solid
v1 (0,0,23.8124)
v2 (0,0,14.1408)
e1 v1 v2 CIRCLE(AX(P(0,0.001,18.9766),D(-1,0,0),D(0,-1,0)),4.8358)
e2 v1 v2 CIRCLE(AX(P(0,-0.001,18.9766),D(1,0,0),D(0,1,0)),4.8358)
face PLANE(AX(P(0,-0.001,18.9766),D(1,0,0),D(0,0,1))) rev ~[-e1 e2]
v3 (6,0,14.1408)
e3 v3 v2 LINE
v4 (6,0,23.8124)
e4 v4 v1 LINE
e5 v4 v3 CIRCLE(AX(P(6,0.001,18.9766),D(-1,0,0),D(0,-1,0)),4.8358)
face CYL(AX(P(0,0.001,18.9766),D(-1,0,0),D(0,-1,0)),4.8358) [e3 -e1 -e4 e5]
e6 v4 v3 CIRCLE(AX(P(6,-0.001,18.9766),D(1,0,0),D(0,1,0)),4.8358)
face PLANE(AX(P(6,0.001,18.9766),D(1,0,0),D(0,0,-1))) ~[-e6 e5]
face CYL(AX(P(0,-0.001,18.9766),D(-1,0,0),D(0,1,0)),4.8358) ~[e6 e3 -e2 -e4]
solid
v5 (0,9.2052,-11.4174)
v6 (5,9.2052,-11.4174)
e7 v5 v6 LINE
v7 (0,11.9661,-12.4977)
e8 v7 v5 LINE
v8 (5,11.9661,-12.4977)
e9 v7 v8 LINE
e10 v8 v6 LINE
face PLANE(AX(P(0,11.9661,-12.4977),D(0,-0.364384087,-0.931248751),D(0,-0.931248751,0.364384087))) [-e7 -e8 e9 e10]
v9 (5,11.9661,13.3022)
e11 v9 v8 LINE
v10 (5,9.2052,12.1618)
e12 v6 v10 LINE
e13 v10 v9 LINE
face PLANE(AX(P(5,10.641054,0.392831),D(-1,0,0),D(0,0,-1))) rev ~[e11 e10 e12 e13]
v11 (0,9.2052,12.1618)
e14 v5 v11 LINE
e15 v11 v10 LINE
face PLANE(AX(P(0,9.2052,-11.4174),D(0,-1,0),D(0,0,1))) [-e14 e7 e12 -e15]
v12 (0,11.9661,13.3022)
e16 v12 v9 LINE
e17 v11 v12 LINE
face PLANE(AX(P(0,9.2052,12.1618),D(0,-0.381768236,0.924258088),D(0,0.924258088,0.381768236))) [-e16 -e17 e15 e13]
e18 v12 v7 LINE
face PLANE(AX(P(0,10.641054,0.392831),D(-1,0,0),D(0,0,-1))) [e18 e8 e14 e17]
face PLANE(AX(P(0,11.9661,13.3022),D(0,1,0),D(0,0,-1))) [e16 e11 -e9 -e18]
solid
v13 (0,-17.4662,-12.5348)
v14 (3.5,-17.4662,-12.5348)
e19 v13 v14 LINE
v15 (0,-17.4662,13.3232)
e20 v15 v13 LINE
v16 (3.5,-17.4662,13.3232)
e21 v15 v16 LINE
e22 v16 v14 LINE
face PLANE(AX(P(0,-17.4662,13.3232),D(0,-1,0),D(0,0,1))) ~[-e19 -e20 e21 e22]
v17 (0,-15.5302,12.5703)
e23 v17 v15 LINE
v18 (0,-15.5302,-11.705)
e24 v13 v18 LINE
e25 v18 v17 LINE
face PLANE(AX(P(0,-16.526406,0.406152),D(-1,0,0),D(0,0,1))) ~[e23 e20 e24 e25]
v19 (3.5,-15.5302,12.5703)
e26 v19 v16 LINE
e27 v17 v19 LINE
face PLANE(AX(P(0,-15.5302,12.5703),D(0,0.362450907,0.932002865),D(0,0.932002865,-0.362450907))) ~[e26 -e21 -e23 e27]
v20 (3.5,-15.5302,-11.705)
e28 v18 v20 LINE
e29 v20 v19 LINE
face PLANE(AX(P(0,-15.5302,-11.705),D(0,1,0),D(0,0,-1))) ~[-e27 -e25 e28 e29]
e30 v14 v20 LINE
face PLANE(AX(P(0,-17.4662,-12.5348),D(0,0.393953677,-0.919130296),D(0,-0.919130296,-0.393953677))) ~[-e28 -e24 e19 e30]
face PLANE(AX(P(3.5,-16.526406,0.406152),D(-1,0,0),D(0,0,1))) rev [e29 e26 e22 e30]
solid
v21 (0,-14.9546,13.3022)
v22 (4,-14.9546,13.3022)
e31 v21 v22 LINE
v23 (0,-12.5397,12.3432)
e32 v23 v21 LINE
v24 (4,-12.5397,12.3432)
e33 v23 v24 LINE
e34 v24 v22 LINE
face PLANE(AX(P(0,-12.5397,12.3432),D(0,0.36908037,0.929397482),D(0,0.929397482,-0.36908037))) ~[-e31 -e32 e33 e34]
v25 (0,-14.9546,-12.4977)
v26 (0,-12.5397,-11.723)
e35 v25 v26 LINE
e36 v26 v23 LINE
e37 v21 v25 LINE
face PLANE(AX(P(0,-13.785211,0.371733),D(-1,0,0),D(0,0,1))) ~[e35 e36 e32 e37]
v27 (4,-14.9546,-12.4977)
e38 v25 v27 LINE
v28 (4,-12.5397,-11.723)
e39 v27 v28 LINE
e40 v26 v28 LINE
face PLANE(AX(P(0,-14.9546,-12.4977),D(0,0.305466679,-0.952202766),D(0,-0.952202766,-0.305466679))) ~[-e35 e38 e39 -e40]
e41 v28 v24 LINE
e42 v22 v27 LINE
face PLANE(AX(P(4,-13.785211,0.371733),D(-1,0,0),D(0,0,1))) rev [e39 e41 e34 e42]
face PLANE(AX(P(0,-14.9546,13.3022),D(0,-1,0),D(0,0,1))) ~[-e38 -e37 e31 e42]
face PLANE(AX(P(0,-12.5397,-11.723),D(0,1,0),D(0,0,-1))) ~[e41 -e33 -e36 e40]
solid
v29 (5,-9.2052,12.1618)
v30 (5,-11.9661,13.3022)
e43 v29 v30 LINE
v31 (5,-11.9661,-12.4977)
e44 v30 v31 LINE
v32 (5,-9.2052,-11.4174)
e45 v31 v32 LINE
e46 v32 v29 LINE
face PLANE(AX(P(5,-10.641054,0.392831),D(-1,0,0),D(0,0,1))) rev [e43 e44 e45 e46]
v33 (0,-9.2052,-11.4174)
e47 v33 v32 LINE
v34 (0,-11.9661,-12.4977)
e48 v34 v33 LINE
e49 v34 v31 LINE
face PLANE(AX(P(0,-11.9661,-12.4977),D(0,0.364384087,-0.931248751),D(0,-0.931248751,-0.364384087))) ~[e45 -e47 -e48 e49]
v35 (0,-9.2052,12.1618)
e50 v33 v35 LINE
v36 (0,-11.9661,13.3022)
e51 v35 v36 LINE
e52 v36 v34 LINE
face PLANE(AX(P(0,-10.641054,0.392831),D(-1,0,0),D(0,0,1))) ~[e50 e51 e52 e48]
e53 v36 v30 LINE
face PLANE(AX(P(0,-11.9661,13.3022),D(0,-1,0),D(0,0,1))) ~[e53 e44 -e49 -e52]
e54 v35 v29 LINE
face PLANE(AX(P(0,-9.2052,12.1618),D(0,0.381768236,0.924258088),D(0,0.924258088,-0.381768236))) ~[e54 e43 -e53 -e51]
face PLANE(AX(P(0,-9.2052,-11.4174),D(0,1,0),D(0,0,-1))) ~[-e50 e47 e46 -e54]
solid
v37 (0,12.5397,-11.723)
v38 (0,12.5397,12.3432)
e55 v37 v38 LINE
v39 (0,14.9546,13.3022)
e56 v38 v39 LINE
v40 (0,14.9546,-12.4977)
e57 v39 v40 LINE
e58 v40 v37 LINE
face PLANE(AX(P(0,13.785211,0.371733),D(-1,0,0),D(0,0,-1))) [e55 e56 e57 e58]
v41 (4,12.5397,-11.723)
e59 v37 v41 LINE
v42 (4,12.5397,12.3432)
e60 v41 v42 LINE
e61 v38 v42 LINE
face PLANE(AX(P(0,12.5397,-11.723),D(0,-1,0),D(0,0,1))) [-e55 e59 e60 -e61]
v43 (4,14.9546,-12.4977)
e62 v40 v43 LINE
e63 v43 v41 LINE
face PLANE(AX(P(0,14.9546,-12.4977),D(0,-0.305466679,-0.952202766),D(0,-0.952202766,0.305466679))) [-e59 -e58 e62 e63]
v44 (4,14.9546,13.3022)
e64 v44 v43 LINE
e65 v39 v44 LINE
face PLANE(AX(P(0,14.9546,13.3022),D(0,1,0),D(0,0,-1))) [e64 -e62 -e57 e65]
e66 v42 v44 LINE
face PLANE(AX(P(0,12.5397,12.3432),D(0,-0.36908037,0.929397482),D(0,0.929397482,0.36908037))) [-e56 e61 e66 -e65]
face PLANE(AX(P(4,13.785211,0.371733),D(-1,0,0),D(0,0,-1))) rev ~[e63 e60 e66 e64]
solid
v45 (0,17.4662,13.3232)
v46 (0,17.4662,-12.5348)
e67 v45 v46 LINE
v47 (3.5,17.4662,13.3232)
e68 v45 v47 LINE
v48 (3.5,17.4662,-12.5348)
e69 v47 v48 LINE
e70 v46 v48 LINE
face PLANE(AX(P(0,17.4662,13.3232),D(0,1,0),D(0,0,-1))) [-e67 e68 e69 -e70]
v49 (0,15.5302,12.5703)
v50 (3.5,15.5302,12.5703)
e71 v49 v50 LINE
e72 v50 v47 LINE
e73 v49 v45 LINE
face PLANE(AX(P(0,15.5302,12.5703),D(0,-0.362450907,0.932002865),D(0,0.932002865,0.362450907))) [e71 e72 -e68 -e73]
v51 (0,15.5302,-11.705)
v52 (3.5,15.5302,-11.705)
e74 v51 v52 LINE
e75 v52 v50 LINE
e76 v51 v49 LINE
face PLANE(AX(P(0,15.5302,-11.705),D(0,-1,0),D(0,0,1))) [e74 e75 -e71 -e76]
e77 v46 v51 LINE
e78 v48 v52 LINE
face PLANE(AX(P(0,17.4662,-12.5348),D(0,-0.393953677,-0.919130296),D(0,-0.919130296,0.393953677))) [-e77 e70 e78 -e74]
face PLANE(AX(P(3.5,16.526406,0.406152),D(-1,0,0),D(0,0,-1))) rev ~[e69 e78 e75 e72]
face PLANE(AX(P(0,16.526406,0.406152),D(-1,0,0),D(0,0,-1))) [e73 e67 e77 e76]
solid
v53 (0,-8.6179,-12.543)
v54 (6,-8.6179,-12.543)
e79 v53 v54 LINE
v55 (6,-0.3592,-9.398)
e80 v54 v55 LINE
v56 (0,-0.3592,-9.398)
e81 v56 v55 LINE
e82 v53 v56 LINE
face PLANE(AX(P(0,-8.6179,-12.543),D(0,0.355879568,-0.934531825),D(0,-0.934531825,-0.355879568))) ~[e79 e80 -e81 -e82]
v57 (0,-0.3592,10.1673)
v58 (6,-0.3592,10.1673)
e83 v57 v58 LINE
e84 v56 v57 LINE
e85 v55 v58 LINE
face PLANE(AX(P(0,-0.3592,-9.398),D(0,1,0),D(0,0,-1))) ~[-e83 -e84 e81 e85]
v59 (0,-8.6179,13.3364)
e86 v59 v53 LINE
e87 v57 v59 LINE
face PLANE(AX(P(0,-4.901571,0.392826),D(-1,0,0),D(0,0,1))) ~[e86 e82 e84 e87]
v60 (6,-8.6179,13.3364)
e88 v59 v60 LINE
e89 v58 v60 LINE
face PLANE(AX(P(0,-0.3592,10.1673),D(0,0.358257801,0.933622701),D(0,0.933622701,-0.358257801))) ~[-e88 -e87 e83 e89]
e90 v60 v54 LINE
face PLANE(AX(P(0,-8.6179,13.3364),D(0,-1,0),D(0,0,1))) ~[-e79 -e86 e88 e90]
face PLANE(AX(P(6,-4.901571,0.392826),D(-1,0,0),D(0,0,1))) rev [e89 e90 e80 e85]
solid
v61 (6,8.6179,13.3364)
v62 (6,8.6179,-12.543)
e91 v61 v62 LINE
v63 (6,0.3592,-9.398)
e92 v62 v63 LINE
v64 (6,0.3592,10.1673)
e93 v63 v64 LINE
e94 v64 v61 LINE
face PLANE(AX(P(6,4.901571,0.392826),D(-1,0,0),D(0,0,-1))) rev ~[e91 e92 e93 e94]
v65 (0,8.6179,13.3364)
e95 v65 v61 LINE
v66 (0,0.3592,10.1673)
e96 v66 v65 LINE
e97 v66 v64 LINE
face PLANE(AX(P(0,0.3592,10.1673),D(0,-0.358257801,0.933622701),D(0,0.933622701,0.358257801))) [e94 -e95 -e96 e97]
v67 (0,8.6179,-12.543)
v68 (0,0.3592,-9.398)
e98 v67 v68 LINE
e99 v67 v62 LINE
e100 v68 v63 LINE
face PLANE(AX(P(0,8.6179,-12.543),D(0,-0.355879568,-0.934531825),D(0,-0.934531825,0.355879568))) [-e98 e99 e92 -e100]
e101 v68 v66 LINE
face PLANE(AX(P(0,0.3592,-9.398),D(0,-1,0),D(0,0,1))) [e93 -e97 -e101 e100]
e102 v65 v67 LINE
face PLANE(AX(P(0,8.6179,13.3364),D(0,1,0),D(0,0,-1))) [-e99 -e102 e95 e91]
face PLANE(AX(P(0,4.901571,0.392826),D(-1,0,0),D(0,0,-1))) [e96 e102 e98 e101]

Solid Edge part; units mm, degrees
sketch "Sketch1" plane through (0, 0, 0) normal (1, 0, 0) x (0, 1, 0)
  circle A0 centre (-0.001, 18.9766) radius 4.8358
  line L0 (0.3592, -9.398) -> (0.3592, 10.1673)
  line L1 (0.3592, 10.1673) -> (8.6179, 13.3364)
  line L2 (8.6179, 13.3364) -> (8.6179, -12.543)
  line L3 (8.6179, -12.543) -> (0.3592, -9.398)
extrude "Protrusion1" add sketch "Sketch1" along normal blind 6
sketch "Sketch2" plane through (0, 0, 0) normal (1, 0, 0) x (0, 1, 0)
  line L0 (9.2052, -11.4174) -> (9.2052, 12.1618)
  line L1 (9.2052, 12.1618) -> (11.9661, 13.3022)
  line L2 (11.9661, 13.3022) -> (11.9661, -12.4977)
  line L3 (11.9661, -12.4977) -> (9.2052, -11.4174)
extrude "ExtrudedProtrusion_8" add sketch "Sketch2" along normal blind 5
sketch "Sketch3" plane through (0, 0, 0) normal (1, 0, 0) x (0, 1, 0)
  line L0 (14.9546, 13.3022) -> (14.9546, -12.4977)
  line L1 (14.9546, -12.4977) -> (12.5397, -11.723)
  line L2 (12.5397, -11.723) -> (12.5397, 12.3432)
  line L3 (12.5397, 12.3432) -> (14.9546, 13.3022)
extrude "ExtrudedProtrusion_9" add sketch "Sketch3" along normal blind 4
sketch "Sketch4" plane through (0, 0, 0) normal (1, 0, 0) x (0, 1, 0)
  line L0 (15.5302, -11.705) -> (15.5302, 12.5703)
  line L1 (15.5302, 12.5703) -> (17.4662, 13.3232)
  line L2 (17.4662, 13.3232) -> (17.4662, -12.5348)
  line L3 (17.4662, -12.5348) -> (15.5302, -11.705)
extrude "ExtrudedProtrusion_10" add sketch "Sketch4" along normal blind 3.5
mirror "Mirror1" about plane through (0, 0, 0) normal (0, -1, 0) of "Protrusion1", "ExtrudedProtrusion_8", "ExtrudedProtrusion_9", "ExtrudedProtrusion_10"
